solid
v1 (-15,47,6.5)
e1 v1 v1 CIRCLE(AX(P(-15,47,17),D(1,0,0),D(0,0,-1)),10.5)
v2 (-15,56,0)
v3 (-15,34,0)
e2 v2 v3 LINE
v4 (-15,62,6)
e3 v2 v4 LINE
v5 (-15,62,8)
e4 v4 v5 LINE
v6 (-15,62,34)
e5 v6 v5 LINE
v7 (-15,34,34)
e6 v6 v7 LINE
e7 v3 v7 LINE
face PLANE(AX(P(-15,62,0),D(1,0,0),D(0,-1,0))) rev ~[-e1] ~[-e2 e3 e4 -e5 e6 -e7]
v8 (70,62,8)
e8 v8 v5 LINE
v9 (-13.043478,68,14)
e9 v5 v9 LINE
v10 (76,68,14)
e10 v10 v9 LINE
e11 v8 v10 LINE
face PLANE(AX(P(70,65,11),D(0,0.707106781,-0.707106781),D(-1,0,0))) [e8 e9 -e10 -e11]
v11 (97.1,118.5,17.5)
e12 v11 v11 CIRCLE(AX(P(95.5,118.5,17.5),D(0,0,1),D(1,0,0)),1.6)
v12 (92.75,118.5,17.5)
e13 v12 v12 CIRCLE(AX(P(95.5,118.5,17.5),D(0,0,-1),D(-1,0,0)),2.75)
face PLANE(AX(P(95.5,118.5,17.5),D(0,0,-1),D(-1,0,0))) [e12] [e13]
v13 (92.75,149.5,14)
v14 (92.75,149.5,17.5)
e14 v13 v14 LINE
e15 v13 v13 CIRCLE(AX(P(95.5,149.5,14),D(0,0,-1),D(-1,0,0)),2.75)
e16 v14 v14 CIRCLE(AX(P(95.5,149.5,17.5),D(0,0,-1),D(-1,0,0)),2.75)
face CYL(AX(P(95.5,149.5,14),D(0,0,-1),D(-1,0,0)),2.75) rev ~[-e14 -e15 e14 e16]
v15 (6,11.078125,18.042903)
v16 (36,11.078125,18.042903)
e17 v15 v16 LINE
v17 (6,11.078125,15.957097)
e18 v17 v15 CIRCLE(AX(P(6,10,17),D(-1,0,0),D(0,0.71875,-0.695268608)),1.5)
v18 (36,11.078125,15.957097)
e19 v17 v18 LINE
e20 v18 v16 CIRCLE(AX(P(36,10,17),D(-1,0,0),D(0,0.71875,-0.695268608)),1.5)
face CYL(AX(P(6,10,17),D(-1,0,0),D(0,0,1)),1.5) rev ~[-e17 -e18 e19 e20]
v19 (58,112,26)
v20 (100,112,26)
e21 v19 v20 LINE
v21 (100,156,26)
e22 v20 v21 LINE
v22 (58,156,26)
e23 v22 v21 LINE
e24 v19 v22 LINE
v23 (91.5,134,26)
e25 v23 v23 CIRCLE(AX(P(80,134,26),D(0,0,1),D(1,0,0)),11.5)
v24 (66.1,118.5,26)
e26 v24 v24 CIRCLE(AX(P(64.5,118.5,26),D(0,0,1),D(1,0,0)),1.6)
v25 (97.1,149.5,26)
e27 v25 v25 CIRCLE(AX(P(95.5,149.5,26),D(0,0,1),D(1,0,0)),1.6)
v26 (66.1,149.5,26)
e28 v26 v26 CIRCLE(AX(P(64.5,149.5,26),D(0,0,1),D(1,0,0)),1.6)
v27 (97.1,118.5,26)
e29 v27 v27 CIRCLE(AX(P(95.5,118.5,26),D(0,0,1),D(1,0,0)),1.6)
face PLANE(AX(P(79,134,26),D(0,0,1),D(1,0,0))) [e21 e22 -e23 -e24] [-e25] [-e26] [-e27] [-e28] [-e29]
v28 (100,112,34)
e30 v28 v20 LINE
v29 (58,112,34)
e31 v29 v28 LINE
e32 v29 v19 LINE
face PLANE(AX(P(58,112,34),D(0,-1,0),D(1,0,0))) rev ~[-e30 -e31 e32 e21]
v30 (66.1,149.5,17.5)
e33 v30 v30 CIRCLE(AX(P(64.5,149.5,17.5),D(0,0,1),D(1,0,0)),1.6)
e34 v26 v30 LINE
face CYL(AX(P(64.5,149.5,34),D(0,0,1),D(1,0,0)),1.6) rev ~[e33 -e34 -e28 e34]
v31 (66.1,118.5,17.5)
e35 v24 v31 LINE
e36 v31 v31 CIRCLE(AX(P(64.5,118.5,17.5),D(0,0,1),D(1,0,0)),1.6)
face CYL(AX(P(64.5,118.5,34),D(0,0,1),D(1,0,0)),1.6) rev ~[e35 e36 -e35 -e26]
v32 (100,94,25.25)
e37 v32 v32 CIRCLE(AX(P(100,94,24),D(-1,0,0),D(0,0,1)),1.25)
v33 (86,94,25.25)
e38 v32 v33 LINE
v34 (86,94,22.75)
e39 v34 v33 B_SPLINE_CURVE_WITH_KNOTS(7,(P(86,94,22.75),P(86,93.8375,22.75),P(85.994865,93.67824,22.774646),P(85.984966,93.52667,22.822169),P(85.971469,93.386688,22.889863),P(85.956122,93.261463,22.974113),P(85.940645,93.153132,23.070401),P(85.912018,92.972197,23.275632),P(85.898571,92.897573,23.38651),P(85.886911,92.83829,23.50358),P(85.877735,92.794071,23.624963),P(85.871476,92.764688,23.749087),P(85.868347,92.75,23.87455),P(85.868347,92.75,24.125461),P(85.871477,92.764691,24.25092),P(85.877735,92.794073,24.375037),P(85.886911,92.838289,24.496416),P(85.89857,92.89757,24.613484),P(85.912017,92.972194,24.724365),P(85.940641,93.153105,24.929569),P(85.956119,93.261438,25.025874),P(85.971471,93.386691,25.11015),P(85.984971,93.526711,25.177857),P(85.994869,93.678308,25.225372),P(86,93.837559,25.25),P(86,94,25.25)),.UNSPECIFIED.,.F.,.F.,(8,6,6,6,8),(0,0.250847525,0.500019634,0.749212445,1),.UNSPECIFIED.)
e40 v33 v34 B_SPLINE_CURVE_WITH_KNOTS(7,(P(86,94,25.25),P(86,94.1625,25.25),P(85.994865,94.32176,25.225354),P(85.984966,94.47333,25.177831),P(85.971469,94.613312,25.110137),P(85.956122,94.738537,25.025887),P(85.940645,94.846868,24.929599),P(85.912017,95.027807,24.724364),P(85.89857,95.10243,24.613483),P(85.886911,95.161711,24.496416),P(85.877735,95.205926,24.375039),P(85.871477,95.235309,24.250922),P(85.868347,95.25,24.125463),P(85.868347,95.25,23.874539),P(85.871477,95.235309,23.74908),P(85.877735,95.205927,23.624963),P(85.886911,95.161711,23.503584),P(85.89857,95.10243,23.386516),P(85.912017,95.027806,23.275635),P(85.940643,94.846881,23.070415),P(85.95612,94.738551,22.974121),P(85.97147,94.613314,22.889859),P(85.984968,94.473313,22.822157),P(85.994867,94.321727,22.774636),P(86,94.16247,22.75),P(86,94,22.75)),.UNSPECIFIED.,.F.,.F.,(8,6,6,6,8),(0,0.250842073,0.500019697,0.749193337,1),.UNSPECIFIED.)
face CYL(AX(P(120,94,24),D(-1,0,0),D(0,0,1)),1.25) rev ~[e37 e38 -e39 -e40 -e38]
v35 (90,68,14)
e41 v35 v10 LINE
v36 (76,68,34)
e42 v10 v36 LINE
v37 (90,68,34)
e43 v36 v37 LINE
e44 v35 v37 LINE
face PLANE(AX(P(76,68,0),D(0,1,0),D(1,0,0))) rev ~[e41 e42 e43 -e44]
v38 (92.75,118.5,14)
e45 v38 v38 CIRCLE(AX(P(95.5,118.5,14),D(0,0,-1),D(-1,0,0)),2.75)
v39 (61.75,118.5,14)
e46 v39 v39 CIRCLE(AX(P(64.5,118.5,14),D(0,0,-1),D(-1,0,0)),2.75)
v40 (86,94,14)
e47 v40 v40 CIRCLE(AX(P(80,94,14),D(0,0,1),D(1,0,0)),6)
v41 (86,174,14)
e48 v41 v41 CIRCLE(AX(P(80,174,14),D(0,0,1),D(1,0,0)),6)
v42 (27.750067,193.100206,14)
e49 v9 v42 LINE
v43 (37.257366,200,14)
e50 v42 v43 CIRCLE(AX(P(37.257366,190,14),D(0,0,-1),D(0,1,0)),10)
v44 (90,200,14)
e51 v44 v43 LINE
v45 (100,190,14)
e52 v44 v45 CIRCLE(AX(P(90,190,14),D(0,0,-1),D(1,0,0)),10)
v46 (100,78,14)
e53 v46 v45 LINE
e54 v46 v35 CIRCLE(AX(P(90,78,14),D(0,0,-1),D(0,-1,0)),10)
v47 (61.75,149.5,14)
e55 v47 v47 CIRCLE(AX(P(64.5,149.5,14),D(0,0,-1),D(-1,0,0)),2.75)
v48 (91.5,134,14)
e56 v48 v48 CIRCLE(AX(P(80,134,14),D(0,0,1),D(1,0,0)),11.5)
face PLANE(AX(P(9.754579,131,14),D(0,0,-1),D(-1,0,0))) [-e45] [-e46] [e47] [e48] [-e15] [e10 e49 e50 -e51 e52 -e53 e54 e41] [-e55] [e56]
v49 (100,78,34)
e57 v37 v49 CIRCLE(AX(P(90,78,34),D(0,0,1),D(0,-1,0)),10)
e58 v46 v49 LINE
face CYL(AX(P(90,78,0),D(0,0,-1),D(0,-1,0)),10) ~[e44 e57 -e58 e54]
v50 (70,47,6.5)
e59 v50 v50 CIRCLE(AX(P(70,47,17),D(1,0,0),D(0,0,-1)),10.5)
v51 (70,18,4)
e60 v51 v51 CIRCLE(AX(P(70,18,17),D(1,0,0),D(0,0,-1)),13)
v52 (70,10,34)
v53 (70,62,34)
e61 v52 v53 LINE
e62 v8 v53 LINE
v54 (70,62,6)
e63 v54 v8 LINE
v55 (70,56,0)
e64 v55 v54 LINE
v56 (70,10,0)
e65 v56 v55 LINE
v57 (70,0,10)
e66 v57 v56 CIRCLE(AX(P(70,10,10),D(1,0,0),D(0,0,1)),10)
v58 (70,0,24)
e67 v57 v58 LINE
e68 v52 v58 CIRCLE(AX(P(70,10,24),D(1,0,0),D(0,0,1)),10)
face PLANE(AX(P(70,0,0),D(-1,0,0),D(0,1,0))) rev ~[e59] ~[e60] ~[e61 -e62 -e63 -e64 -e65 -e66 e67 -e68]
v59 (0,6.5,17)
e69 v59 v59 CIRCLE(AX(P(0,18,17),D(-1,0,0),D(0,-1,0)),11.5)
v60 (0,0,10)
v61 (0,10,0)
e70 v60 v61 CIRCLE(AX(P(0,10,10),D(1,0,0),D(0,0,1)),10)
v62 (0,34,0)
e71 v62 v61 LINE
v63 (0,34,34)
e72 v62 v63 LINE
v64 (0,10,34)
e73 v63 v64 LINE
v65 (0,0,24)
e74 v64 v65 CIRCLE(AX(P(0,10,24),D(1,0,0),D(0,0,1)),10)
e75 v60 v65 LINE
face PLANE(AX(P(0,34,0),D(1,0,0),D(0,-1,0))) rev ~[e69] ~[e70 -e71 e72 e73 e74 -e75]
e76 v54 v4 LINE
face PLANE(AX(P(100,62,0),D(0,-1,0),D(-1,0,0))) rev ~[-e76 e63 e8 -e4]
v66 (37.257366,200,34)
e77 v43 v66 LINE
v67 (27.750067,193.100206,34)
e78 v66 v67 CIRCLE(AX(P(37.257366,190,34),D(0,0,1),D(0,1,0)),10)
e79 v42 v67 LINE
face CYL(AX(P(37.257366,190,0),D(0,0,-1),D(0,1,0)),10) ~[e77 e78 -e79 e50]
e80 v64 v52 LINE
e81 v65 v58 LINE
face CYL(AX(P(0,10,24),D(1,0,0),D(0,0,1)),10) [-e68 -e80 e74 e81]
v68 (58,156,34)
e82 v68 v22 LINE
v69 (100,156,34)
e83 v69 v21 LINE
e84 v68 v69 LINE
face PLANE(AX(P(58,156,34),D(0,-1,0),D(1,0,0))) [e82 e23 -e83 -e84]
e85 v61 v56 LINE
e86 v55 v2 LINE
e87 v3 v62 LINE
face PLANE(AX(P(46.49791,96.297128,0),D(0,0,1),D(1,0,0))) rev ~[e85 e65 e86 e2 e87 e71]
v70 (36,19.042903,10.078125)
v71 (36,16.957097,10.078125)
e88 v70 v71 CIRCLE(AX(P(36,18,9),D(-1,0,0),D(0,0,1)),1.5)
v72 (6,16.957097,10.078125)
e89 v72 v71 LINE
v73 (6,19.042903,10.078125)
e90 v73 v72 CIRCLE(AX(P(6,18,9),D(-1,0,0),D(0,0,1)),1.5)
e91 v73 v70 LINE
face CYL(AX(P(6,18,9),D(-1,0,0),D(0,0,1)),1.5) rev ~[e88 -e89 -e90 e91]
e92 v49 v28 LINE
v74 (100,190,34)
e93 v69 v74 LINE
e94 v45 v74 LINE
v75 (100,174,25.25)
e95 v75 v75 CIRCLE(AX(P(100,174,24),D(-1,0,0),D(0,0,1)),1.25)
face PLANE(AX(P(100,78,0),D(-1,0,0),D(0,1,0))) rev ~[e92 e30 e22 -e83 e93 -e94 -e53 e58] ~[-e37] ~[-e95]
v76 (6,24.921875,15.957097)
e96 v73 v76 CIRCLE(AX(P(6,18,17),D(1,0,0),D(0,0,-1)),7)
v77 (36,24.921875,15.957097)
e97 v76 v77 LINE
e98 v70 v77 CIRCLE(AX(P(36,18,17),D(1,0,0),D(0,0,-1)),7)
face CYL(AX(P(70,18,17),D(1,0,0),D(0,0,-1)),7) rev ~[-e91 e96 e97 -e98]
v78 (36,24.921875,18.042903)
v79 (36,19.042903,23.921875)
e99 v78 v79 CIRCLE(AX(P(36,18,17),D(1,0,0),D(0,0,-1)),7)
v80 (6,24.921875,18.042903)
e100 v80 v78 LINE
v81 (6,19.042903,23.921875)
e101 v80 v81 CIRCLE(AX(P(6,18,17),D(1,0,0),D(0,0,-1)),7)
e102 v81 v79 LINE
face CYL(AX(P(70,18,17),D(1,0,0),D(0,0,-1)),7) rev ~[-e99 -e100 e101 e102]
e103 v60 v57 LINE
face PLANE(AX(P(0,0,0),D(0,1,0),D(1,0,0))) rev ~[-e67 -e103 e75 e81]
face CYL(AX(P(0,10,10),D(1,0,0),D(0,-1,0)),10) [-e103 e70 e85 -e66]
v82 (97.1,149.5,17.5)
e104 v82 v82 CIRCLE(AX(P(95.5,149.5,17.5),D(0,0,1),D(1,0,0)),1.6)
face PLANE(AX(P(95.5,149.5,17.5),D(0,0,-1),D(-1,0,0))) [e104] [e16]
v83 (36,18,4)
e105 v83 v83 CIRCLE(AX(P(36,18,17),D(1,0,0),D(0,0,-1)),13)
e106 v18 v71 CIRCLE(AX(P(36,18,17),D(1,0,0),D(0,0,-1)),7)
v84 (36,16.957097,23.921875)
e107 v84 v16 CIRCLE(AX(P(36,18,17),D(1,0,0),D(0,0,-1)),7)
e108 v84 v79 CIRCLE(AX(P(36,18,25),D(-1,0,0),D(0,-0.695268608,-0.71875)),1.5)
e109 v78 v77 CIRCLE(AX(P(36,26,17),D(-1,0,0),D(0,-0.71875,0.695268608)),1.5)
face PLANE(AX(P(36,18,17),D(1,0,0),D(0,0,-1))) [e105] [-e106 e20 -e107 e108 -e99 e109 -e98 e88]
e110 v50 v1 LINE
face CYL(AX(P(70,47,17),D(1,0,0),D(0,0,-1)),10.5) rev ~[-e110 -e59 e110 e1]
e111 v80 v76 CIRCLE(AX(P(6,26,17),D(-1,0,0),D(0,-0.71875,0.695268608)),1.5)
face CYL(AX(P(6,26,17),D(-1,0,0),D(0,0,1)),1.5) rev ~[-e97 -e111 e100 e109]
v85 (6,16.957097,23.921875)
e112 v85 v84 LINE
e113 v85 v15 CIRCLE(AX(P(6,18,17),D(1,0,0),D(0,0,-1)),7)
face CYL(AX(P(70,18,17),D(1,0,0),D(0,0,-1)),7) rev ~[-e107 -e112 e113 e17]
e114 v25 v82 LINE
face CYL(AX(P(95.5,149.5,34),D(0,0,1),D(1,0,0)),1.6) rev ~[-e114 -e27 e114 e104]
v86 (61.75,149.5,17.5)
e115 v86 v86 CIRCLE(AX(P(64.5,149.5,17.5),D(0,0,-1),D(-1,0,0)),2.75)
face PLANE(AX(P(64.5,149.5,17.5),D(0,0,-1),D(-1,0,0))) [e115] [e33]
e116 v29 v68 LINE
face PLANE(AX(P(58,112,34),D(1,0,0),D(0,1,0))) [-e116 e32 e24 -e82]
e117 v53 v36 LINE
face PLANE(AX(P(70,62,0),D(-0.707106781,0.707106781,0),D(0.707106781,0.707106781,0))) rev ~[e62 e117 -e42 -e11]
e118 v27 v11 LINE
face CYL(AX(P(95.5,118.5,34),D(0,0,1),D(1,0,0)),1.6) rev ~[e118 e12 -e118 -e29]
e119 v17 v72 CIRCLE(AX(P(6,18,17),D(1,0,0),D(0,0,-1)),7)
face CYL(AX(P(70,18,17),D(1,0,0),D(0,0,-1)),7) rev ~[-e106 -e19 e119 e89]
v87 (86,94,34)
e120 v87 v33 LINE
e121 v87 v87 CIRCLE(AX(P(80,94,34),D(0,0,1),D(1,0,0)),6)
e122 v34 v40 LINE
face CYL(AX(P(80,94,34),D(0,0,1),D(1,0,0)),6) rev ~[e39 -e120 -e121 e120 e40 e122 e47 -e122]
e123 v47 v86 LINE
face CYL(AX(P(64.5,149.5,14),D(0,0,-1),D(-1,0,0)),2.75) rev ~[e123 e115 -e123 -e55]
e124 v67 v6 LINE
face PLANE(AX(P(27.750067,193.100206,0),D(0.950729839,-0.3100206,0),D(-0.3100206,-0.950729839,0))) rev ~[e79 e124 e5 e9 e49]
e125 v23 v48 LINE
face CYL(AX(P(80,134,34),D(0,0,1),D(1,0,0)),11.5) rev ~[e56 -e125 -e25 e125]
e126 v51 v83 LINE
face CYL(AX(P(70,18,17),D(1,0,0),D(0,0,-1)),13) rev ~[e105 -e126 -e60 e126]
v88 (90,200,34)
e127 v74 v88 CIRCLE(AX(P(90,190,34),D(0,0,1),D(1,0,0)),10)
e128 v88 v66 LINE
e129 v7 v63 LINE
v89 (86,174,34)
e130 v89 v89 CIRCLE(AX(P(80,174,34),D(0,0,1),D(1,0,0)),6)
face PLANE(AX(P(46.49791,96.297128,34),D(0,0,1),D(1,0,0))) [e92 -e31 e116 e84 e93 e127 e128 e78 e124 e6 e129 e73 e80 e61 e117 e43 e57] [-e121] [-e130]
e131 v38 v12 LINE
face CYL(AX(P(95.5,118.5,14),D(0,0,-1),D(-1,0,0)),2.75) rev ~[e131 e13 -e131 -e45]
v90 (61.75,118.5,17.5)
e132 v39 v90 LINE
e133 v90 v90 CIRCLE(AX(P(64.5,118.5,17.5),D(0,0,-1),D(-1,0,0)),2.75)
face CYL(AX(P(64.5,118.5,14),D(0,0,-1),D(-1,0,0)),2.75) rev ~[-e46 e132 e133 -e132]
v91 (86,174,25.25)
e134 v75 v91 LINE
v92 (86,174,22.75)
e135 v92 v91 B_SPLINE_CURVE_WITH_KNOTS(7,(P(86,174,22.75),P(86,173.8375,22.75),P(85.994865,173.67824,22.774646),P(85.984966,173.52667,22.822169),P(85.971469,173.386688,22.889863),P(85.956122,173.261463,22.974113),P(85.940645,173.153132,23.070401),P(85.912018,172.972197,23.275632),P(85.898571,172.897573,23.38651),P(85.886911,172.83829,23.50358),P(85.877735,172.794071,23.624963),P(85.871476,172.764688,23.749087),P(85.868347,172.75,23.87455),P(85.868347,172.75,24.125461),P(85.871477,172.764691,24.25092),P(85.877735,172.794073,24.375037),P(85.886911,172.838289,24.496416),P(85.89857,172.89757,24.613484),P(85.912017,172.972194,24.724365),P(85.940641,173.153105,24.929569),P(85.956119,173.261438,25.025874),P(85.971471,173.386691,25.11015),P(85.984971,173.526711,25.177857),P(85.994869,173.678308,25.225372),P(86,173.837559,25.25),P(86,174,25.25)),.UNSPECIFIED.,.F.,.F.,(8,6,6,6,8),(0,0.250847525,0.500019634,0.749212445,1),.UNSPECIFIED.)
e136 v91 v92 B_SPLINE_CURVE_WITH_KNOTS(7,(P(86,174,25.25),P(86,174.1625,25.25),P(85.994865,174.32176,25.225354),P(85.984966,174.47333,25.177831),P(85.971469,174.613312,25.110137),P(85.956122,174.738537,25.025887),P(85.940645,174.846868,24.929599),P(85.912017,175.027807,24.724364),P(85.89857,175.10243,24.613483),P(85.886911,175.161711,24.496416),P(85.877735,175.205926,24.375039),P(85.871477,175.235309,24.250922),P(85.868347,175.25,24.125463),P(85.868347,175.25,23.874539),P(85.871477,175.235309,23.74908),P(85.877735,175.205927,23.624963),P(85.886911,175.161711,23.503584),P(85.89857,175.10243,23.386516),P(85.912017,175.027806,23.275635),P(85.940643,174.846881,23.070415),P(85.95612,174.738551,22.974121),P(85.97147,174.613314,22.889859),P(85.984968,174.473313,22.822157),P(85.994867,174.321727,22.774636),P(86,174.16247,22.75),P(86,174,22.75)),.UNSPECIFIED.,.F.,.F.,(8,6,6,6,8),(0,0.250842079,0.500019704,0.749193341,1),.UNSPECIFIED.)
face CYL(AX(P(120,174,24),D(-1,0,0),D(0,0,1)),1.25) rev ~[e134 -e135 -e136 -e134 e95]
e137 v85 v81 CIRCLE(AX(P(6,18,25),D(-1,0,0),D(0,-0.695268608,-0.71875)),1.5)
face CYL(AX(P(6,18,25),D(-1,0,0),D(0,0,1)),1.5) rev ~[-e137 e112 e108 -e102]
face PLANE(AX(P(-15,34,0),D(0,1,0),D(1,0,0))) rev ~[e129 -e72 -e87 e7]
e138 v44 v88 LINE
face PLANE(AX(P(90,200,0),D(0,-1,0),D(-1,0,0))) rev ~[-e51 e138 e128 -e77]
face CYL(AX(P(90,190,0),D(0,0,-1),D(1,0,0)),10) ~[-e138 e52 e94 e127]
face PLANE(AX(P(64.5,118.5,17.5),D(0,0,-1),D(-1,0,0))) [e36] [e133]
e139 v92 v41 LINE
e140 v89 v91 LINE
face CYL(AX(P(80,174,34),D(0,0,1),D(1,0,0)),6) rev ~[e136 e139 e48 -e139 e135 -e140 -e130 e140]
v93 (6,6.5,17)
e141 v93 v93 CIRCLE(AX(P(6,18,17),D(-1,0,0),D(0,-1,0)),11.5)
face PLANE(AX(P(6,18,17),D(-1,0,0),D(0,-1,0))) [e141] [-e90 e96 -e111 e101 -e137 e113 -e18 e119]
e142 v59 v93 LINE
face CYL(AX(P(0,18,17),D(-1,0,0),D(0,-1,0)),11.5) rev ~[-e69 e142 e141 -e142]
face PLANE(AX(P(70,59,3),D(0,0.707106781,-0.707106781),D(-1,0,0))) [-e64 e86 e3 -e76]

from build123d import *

# Parameters (mm, degrees)
BOSS_EXTRUDE2_DEPTH   = 34
SKETCH3_W             = 180.49084133
SKETCH3_H             = 138
CUT_EXTRUDE1_DEPTH    = 14
SKETCH4_R             = 11.5
SKETCH4_R_2           = 1.6
SKETCH4_R_3           = 6
CUT_EXTRUDE3_DEPTH    = 227.1769219
SKETCH5_W             = 42
SKETCH5_H             = 44
CUT_EXTRUDE4_DEPTH    = 8
M3_TAPPED_HOLE1_D     = 2.5
M3_TAPPED_HOLE1_DEPTH = 20
M3_TAPPED_HOLE1_TIP   = 0.751075774
SKETCH9_R             = 10.5
SKETCH9_R_2           = 7
CUT_EXTRUDE6_DEPTH    = 220.956813959
SKETCH10_R            = 11.5
CUT_EXTRUDE7_DEPTH    = 6
SKETCH11_R            = 13
CUT_EXTRUDE8_DEPTH    = 34
CHAMFER1_SIZE         = 6
FILLET1_R             = 10
SKETCH12_R            = 1.5
CUT_EXTRUDE9_DEPTH    = 30
SKETCH13_R            = 2.75
CUT_EXTRUDE10_DEPTH   = 3.5


with BuildPart() as part:
    # Sketch1 → Boss-Extrude2 (new body)
    with BuildSketch(Plane.XY):
        with BuildLine():
            Line((0, 0), (70, 0))
            Line((70, 0), (70, 62))
            Line((70, 62), (76, 68))
            Line((76, 68), (90, 68))
            ThreePointArc((90, 68), (97.071067812, 70.928932188), (100, 78))
            Line((100, 78), (100, 190))
            ThreePointArc((100, 190), (97.071067812, 197.071067812), (90, 200))
            Line((90, 200), (37.257365568, 200))
            ThreePointArc((37.257365568, 200), (31.383783185, 198.093270661), (27.750067173, 193.100205998))
            Line((27.750067173, 193.100205998), (-15, 62))
            Line((-15, 62), (-15, 34))
            Line((-15, 34), (0, 34))
            Line((0, 34), (0, 0))
        make_face()
    extrude(amount=BOSS_EXTRUDE2_DEPTH)

    # Sketch3 → Cut-Extrude1 (cut)
    with BuildSketch(Plane(origin=(0, 0, 0), x_dir=(-1, 0, 0), z_dir=(0, 0, -1))):
        with Locations((-9.754579335, 131)):
            Rectangle(SKETCH3_W, SKETCH3_H)
    extrude(amount=-CUT_EXTRUDE1_DEPTH, mode=Mode.SUBTRACT)

    # Sketch4 → Cut-Extrude3 (cut, through all)
    with BuildSketch(Plane.XY.offset(34)):
        with Locations((80, 134)):
            Circle(SKETCH4_R)
        with Locations((95.5, 149.5)):
            Circle(SKETCH4_R_2)
        with Locations((95.5, 118.5)):
            Circle(SKETCH4_R_2)
        with Locations((64.5, 118.5)):
            Circle(SKETCH4_R_2)
        with Locations((64.5, 149.5)):
            Circle(SKETCH4_R_2)
        with Locations((80, 174)):
            Circle(SKETCH4_R_3)
        with Locations((80, 94)):
            Circle(SKETCH4_R_3)
    extrude(amount=-CUT_EXTRUDE3_DEPTH, mode=Mode.SUBTRACT)

    # Sketch5 → Cut-Extrude4 (cut)
    with BuildSketch(Plane.XY.offset(34)):
        with Locations((79, 134)):
            Rectangle(SKETCH5_W, SKETCH5_H)
    extrude(amount=-CUT_EXTRUDE4_DEPTH, mode=Mode.SUBTRACT)

    # M3 Tapped Hole1
    with Locations(Plane(origin=(100, 0, 0), x_dir=(0, 0, -1), z_dir=(1, 0, 0))):
        with Locations((-24, 174), (-24, 94)):
            Hole(M3_TAPPED_HOLE1_D / 2, depth=M3_TAPPED_HOLE1_DEPTH)
            with Locations((0, 0, -(M3_TAPPED_HOLE1_DEPTH + M3_TAPPED_HOLE1_TIP / 2))):  # 118° drill point
                Cone(0, M3_TAPPED_HOLE1_D / 2, M3_TAPPED_HOLE1_TIP, mode=Mode.SUBTRACT)

    # Sketch9 → Cut-Extrude6 (cut, through all)
    with BuildSketch(Plane(origin=(70, 0, 0), x_dir=(0, 0, -1), z_dir=(1, 0, 0))):
        with Locations((-17, 47)):
            Circle(SKETCH9_R)
        with Locations((-17, 18)):
            Circle(SKETCH9_R_2)
    extrude(amount=-CUT_EXTRUDE6_DEPTH, mode=Mode.SUBTRACT)

    # Sketch10 → Cut-Extrude7 (cut)
    with BuildSketch(Plane.ZY):
        with Locations(Location((17, 18, 0), (0, 0, 270))):
            Circle(SKETCH10_R)
    extrude(amount=-CUT_EXTRUDE7_DEPTH, mode=Mode.SUBTRACT)

    # Sketch11 → Cut-Extrude8 (cut)
    with BuildSketch(Plane(origin=(70, 0, 0), x_dir=(0, 0, -1), z_dir=(1, 0, 0))):
        with Locations((-17, 18)):
            Circle(SKETCH11_R)
    extrude(amount=-CUT_EXTRUDE8_DEPTH, mode=Mode.SUBTRACT)

    # Chamfer1
    chamfer1_edges = [part.edges().sort_by_distance(p)[0] for p in [
        (27.5, 62, 0),
        (27.5, 62, 14),
    ]]
    chamfer(chamfer1_edges, length=CHAMFER1_SIZE)

    # Fillet1
    fillet1_edges = [part.edges().sort_by_distance(p)[0] for p in [
        (35, 0, 0),
        (35, 0, 34),
    ]]
    fillet(fillet1_edges, radius=FILLET1_R)

    # Sketch12 → Cut-Extrude9 (cut)
    with BuildSketch(Plane.ZY.offset(-6)):
        with Locations((17, 26)):
            Circle(SKETCH12_R)
        with Locations((25, 18)):
            Circle(SKETCH12_R)
        with Locations((17, 10)):
            Circle(SKETCH12_R)
        with Locations((9, 18)):
            Circle(SKETCH12_R)
    extrude(amount=-CUT_EXTRUDE9_DEPTH, mode=Mode.SUBTRACT)

    # Sketch13 → Cut-Extrude10 (cut)
    with BuildSketch(Plane(origin=(0, 0, 14), x_dir=(-1, 0, 0), z_dir=(0, 0, -1))):
        with Locations((-95.5, 149.5)):
            Circle(SKETCH13_R)
        with Locations((-64.5, 149.5)):
            Circle(SKETCH13_R)
        with Locations((-64.5, 118.5)):
            Circle(SKETCH13_R)
        with Locations((-95.5, 118.5)):
            Circle(SKETCH13_R)
    extrude(amount=-CUT_EXTRUDE10_DEPTH, mode=Mode.SUBTRACT)


solid = part.part
